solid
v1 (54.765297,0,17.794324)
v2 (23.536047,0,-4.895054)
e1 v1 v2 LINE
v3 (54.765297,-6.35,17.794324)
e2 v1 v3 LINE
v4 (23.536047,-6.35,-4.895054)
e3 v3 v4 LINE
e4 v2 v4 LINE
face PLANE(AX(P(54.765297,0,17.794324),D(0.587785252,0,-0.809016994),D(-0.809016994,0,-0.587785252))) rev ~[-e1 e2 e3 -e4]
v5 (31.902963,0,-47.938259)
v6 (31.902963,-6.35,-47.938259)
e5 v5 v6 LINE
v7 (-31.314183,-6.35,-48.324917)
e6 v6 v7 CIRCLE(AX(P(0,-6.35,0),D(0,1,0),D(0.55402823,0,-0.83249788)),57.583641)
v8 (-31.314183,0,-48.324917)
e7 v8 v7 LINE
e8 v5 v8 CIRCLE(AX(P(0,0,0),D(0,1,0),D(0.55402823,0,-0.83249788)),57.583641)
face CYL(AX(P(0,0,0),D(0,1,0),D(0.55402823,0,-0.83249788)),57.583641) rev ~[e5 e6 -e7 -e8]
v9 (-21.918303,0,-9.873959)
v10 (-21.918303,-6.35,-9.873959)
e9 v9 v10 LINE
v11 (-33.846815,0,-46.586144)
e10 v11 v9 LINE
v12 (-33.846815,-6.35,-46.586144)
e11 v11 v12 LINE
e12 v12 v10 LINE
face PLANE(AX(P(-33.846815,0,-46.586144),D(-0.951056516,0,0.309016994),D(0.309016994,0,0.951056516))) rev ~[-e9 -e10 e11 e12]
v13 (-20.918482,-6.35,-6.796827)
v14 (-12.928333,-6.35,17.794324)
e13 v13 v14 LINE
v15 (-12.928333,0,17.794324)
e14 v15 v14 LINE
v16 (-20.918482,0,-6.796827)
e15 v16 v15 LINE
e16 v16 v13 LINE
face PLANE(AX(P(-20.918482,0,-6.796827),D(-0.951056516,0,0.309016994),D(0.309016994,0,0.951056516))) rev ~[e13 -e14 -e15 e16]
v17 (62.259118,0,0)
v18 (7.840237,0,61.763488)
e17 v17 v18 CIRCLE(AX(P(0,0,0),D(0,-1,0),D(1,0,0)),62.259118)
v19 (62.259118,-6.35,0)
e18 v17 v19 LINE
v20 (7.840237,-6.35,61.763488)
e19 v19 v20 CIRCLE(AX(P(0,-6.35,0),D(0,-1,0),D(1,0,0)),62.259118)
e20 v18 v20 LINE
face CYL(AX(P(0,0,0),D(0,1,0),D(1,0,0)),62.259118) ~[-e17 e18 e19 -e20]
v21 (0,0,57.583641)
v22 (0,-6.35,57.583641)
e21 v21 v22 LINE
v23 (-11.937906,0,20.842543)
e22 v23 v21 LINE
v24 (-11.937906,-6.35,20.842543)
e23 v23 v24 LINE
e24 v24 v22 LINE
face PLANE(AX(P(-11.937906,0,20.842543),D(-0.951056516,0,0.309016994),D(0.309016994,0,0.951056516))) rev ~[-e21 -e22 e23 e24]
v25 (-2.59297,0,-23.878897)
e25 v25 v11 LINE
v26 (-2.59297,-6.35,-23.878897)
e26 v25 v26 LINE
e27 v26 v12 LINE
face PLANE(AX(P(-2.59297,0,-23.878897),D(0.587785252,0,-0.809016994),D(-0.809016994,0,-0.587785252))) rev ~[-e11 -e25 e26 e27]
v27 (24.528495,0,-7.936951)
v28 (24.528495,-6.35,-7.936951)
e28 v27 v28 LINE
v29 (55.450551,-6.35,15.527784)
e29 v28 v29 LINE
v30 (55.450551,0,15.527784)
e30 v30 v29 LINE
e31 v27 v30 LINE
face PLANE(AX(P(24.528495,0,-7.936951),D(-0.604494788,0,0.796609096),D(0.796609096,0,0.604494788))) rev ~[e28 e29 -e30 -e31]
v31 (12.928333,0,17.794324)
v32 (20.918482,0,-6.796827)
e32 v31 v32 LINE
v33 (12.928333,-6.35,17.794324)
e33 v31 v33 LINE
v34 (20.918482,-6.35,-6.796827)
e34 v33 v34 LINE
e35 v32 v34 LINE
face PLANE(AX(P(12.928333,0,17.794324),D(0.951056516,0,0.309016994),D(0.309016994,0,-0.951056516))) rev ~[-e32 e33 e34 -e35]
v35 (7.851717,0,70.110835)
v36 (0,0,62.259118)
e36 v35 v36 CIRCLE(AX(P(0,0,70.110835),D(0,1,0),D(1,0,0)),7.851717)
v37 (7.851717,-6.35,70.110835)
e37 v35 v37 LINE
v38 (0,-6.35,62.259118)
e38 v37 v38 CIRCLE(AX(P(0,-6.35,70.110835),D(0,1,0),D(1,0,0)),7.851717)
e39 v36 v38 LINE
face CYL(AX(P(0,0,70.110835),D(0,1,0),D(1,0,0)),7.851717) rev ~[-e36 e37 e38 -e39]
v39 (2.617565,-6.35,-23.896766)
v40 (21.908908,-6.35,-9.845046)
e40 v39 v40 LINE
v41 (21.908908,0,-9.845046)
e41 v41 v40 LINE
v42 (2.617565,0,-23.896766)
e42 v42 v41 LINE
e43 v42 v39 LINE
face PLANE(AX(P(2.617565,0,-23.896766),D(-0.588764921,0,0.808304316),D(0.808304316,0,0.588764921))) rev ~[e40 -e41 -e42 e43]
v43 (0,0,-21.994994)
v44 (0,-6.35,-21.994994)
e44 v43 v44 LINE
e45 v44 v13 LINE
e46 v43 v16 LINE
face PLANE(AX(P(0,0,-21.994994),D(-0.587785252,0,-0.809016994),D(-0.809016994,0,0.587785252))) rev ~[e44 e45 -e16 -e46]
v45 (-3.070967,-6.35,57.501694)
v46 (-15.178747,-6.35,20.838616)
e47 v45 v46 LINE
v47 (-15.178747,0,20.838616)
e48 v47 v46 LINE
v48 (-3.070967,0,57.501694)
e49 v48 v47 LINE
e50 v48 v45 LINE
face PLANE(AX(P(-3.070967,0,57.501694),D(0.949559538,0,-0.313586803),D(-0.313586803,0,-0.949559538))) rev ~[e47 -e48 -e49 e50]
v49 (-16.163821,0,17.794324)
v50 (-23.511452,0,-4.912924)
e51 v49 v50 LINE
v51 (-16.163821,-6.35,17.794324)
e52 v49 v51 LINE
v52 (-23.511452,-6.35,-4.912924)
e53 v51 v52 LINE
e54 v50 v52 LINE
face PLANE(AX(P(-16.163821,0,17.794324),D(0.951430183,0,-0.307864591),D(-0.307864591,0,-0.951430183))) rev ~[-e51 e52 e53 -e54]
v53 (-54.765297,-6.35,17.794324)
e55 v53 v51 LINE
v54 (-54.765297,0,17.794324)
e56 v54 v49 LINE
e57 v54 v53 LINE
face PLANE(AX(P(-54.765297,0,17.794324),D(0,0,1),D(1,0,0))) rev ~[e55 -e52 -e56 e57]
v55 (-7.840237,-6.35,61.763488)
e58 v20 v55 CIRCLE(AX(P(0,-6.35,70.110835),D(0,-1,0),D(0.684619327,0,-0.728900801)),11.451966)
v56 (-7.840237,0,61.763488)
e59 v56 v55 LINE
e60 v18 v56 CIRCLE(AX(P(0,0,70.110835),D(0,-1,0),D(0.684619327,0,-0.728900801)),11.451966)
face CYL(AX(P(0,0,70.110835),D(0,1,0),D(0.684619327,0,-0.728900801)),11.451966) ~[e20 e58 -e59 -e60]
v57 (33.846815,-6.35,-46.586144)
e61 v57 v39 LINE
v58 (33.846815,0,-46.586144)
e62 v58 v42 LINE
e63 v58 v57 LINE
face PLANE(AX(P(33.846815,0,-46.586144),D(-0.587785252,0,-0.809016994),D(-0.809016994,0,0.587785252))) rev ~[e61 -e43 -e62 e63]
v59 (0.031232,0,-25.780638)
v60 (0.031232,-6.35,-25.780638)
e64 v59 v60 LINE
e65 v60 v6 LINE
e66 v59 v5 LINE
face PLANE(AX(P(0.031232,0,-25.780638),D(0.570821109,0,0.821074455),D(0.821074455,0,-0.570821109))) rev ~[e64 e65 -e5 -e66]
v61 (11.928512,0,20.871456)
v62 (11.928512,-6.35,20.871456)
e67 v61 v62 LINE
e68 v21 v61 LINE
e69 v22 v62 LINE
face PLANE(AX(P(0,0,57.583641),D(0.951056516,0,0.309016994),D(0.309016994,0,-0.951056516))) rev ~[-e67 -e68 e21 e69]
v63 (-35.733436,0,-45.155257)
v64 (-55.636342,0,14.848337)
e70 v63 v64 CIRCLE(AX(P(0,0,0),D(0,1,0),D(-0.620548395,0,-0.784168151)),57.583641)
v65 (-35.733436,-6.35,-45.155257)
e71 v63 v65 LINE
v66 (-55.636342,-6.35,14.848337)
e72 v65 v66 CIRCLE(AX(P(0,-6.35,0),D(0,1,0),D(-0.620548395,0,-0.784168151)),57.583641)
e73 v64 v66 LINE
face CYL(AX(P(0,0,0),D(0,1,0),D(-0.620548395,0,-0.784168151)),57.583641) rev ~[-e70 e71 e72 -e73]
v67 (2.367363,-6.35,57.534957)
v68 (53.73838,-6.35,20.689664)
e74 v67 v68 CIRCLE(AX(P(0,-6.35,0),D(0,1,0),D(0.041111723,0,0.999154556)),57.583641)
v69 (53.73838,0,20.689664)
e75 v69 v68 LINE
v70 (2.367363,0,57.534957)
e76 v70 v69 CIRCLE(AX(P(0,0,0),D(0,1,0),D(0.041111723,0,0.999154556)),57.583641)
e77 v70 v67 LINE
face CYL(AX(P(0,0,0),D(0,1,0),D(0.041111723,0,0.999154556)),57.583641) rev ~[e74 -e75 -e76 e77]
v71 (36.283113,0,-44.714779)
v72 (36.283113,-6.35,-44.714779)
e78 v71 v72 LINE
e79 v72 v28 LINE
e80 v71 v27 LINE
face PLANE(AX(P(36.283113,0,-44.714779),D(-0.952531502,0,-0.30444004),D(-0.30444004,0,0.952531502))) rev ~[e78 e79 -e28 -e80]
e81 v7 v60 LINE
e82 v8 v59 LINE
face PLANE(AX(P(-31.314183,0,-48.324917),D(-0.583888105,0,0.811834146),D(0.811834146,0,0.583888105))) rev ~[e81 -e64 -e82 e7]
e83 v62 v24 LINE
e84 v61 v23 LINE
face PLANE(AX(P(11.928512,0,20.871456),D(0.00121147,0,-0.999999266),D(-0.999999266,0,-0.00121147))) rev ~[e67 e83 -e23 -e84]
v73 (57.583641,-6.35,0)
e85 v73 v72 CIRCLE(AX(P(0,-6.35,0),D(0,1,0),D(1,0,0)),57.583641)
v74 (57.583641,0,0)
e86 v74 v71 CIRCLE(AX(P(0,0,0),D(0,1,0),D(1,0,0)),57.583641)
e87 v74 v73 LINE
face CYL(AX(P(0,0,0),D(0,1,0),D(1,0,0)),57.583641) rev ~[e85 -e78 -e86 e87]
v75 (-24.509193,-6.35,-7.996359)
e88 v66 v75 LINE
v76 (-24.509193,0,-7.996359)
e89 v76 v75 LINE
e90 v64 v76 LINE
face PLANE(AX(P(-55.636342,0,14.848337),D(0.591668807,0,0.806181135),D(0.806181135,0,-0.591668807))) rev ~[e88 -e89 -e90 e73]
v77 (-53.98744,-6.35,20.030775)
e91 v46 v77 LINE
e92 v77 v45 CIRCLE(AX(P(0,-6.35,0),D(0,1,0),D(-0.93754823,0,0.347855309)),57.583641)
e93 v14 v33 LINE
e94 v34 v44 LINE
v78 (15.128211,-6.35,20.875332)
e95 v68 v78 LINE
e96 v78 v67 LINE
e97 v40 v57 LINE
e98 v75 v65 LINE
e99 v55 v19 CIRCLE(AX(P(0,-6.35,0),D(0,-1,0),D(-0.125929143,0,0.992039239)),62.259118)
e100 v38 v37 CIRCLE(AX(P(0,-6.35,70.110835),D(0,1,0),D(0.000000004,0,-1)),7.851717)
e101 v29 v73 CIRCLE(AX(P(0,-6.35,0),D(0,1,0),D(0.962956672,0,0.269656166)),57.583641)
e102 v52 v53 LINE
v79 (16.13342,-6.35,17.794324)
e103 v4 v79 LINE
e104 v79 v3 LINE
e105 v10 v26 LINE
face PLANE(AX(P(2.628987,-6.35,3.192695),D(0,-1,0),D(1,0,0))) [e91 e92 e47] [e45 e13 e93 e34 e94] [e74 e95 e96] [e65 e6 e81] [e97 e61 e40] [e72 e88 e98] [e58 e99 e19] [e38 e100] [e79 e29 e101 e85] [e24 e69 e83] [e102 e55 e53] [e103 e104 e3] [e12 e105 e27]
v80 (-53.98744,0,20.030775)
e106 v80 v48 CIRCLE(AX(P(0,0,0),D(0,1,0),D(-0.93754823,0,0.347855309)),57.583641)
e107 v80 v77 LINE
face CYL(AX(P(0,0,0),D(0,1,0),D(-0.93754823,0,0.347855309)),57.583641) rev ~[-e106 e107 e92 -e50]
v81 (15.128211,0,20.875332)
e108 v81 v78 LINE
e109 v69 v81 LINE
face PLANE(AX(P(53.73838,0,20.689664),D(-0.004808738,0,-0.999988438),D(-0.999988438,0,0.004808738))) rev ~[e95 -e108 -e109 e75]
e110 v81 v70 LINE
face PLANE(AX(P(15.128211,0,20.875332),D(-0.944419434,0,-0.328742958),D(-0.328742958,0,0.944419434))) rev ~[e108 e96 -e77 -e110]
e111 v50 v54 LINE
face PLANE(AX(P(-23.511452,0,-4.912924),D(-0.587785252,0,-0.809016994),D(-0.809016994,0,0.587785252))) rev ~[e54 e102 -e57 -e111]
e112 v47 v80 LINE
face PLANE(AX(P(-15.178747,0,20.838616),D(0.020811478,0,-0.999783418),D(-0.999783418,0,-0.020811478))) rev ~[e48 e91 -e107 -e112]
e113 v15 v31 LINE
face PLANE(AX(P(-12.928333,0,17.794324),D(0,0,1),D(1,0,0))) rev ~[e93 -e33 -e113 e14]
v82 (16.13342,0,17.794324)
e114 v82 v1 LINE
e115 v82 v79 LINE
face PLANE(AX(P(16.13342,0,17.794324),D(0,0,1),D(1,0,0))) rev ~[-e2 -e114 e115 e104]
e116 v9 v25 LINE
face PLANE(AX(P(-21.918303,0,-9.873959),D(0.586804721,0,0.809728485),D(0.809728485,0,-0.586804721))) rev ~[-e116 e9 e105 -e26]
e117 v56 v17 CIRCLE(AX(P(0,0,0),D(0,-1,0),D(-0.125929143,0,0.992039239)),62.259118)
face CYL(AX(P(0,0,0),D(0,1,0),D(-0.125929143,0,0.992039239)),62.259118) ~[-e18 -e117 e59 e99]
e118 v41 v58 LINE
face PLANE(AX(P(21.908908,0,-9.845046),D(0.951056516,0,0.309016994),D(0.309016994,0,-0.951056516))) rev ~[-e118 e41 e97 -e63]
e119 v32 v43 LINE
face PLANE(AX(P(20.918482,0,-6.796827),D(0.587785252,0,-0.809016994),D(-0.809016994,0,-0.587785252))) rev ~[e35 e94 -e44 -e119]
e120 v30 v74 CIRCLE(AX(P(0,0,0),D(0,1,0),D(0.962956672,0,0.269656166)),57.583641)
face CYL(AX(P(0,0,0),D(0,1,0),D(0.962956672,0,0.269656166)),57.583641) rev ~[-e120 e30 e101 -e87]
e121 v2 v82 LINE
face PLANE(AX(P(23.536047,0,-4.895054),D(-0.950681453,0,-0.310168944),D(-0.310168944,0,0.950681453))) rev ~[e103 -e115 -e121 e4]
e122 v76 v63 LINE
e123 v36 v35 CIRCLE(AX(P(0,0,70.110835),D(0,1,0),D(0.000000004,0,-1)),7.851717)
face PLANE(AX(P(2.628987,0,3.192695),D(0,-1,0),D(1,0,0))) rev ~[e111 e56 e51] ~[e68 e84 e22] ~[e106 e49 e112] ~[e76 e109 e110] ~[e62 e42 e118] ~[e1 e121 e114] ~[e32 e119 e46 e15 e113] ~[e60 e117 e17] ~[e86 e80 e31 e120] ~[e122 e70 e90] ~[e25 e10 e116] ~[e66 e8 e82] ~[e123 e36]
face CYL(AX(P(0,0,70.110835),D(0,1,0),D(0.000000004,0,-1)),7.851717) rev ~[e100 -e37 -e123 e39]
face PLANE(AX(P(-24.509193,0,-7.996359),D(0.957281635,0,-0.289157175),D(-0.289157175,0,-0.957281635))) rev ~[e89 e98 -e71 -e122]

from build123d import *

# Parameters (mm, degrees)
F1_DEPTH = 6.35


with BuildPart() as f1:
    # F0 (on Front) → F1 (new body)
    with BuildSketch(Plane.XZ):
        with BuildLine():
            ThreePointArc((-7.8402373447, 61.7634878521), (-41.1586655068, -46.7136169332), (62.2591178325, 0))
            ThreePointArc((62.2591178325, 0), (46.7136169332, 41.1586655068), (7.8402373447, 61.7634878521))
            ThreePointArc((7.8402373447, 61.7634878521), (0, 58.6588690032), (-7.8402373447, 61.7634878521))
        make_face()
        with BuildLine():
            ThreePointArc((55.4505510699, 15.5277837924), (57.0478759304, 7.8368064468), (57.5836407625, 0))
            ThreePointArc((57.5836407625, 0), (51.9864857424, -24.7645105668), (36.2831125051, -44.7147786576))
            ThreePointArc((36.2831125051, -44.7147786576), (35.0774454381, -45.6667111252), (33.8468148135, -46.5861439748))
            ThreePointArc((33.8468148135, -46.5861439748), (32.8818393757, -47.27219397), (31.9029625874, -47.9382588504))
            ThreePointArc((31.9029625874, -47.9382588504), (0.3521951536, -57.582563698), (-31.3141832441, -48.3249170844))
            ThreePointArc((-31.3141832441, -48.3249170844), (-32.5920964338, -47.4724228738), (-33.8468148135, -46.5861439748))
            ThreePointArc((-33.8468148135, -46.5861439748), (-34.7974809413, -45.8803989041), (-35.7334358491, -45.1552571234))
            ThreePointArc((-35.7334358491, -45.1552571234), (-54.6554381422, -18.1289482582), (-55.6363420799, 14.848337396))
            ThreePointArc((-55.6363420799, 14.848337396), (-55.2204687988, 16.3271402609), (-54.7652967791, 17.7943235936))
            ThreePointArc((-54.7652967791, 17.7943235936), (-54.3878653203, 18.9165480298), (-53.987440477, 20.0307751774))
            ThreePointArc((-53.987440477, 20.0307751774), (-34.1311135955, 46.3782574941), (-3.070967171, 57.5016942715))
            ThreePointArc((-3.070967171, 57.5016942715), (-1.5360301586, 57.5631504942), (0, 57.5836407625))
            ThreePointArc((0, 57.5836407625), (1.1839315978, 57.5714685364), (2.3673626687, 57.534957004))
            ThreePointArc((2.3673626687, 57.534957004), (33.5612498663, 46.7922877286), (53.7383799899, 20.6896640745))
            ThreePointArc((53.7383799899, 20.6896640745), (54.2711499531, 19.248843244), (54.7652967791, 17.7943235936))
            ThreePointArc((54.7652967791, 17.7943235936), (55.1195752881, 16.6645763079), (55.4505510699, 15.5277837924))
        make_face(mode=Mode.SUBTRACT)
        with BuildLine():
            ThreePointArc((3.19e-08, 62.2591178325), (3.9279438387, 62.1350867906), (7.8402373447, 61.7634878521))
            ThreePointArc((7.8402373447, 61.7634878521), (10.5103201859, 65.5632316042), (11.4519661318, 70.110835135))
            ThreePointArc((11.4519661318, 70.110835135), (-4.5476035308, 80.6211553209), (-7.8402373447, 61.7634878521))
            ThreePointArc((-7.8402373447, 61.7634878521), (-3.9279438068, 62.1350867926), (3.19e-08, 62.2591178325))
        make_face()
        with BuildLine():
            ThreePointArc((7.8517173025, 70.110835135), (5.5520025598, 64.5588325977), (3.19e-08, 62.2591178325))
            ThreePointArc((3.19e-08, 62.2591178325), (-5.5520025598, 75.6628376722), (7.8517173025, 70.110835135))
        make_face(mode=Mode.SUBTRACT)
        with BuildLine():
            Line((16.1334199845, 17.7943235936), (54.7652967791, 17.7943235936))
            ThreePointArc((54.7652967791, 17.7943235936), (54.2711499531, 19.248843244), (53.7383799899, 20.6896640745))
            Line((53.7383799899, 20.6896640745), (15.1282112975, 20.8753324215))
            Line((15.1282112975, 20.8753324215), (16.1334199845, 17.7943235936))
        make_face()
        with BuildLine():
            ThreePointArc((33.8468148135, -46.5861439748), (35.0774454381, -45.6667111252), (36.2831125051, -44.7147786576))
            Line((36.2831125051, -44.7147786576), (24.5284953147, -7.9369514529))
            Line((24.5284953147, -7.9369514529), (21.9089083593, -9.8450458125))
            Line((21.9089083593, -9.8450458125), (33.8468148135, -46.5861439748))
        make_face()
        with BuildLine():
            Line((-11.9379064542, 20.8425426002), (0, 57.5836407625))
            ThreePointArc((0, 57.5836407625), (-1.5360301586, 57.5631504942), (-3.070967171, 57.5016942715))
            Line((-3.070967171, 57.5016942715), (-15.1787465438, 20.8386164159))
            Line((-15.1787465438, 20.8386164159), (-11.9379064542, 20.8425426002))
        make_face()
        with BuildLine():
            Line((-24.5091925682, -7.9963591979), (-23.5114519277, -4.9129238547))
            Line((-23.5114519277, -4.9129238547), (-54.7652967791, 17.7943235936))
            ThreePointArc((-54.7652967791, 17.7943235936), (-55.2204687988, 16.3271402609), (-55.6363420799, 14.848337396))
            Line((-55.6363420799, 14.848337396), (-24.5091925682, -7.9963591979))
        make_face()
        with BuildLine():
            ThreePointArc((-33.8468148135, -46.5861439748), (-32.5920964338, -47.4724228738), (-31.3141832441, -48.3249170844))
            Line((-31.3141832441, -48.3249170844), (0.0312324998, -25.7806381864))
            Line((0.0312324998, -25.7806381864), (-2.592969962, -23.8788965265))
            Line((-2.592969962, -23.8788965265), (-33.8468148135, -46.5861439748))
        make_face()
        with BuildLine():
            Line((24.5284953147, -7.9369514529), (55.4505510699, 15.5277837924))
            ThreePointArc((55.4505510699, 15.5277837924), (55.1195752881, 16.6645763079), (54.7652967791, 17.7943235936))
            Line((54.7652967791, 17.7943235936), (23.5360472008, -4.8950543427))
            Line((23.5360472008, -4.8950543427), (24.5284953147, -7.9369514529))
        make_face()
        with BuildLine():
            Line((15.1282112975, 20.8753324215), (2.3673626687, 57.534957004))
            ThreePointArc((2.3673626687, 57.534957004), (1.1839315978, 57.5714685364), (0, 57.5836407625))
            Line((0, 57.5836407625), (11.9285118958, 20.8714560779))
            Line((11.9285118958, 20.8714560779), (15.1282112975, 20.8753324215))
        make_face()
        with BuildLine():
            Line((-54.7652967791, 17.7943235936), (-16.1638214141, 17.7943235936))
            Line((-16.1638214141, 17.7943235936), (-15.1787465438, 20.8386164159))
            Line((-15.1787465438, 20.8386164159), (-53.987440477, 20.0307751774))
            ThreePointArc((-53.987440477, 20.0307751774), (-54.3878653203, 18.9165480298), (-54.7652967791, 17.7943235936))
        make_face()
        with BuildLine():
            ThreePointArc((-35.7334358491, -45.1552571234), (-34.7974809413, -45.8803989041), (-33.8468148135, -46.5861439748))
            Line((-33.8468148135, -46.5861439748), (-21.9183029177, -9.8739592902))
            Line((-21.9183029177, -9.8739592902), (-24.5091925682, -7.9963591979))
            Line((-24.5091925682, -7.9963591979), (-35.7334358491, -45.1552571234))
        make_face()
        with BuildLine():
            ThreePointArc((31.9029625874, -47.9382588504), (32.8818393757, -47.27219397), (33.8468148135, -46.5861439748))
            Line((33.8468148135, -46.5861439748), (2.6175652352, -23.8967660385))
            Line((2.6175652352, -23.8967660385), (0.0312324998, -25.7806381864))
            Line((0.0312324998, -25.7806381864), (31.9029625874, -47.9382588504))
        make_face()
        Polygon((23.5360472008, -4.8950543427), (16.1334199845, 17.7943235936), (12.9283328478, 17.7943235936), (20.9184819657, -6.7968268059), align=None)
        Polygon((2.6175652352, -23.8967660385), (21.9089083593, -9.8450458125), (20.9184819657, -6.7968268059), (0, -21.9949935753), align=None)
        Polygon((-12.9283328478, 17.7943235936), (12.9283328478, 17.7943235936), (11.9285118958, 20.8714560779), (-11.9379064542, 20.8425426002), align=None)
        Polygon((-20.9184819657, -6.7968268059), (-12.9283328478, 17.7943235936), (-16.1638214141, 17.7943235936), (-23.5114519277, -4.9129238547), align=None)
        Polygon((-2.592969962, -23.8788965265), (0, -21.9949935753), (-20.9184819657, -6.7968268059), (-21.9183029177, -9.8739592902), align=None)
        with BuildLine():
            ThreePointArc((-7.8402373447, 61.7634878521), (0, 58.6588690032), (7.8402373447, 61.7634878521))
            ThreePointArc((7.8402373447, 61.7634878521), (3.9279438387, 62.1350867906), (3.19e-08, 62.2591178325))
            ThreePointArc((3.19e-08, 62.2591178325), (-3.9279438068, 62.1350867926), (-7.8402373447, 61.7634878521))
        make_face()
        Polygon((21.9089083593, -9.8450458125), (24.5284953147, -7.9369514529), (23.5360472008, -4.8950543427), (20.9184819657, -6.7968268059), align=None)
        Polygon((12.9283328478, 17.7943235936), (16.1334199845, 17.7943235936), (15.1282112975, 20.8753324215), (11.9285118958, 20.8714560779), align=None)
        Polygon((-16.1638214141, 17.7943235936), (-12.9283328478, 17.7943235936), (-11.9379064542, 20.8425426002), (-15.1787465438, 20.8386164159), align=None)
        Polygon((-21.9183029177, -9.8739592902), (-20.9184819657, -6.7968268059), (-23.5114519277, -4.9129238547), (-24.5091925682, -7.9963591979), align=None)
        Polygon((0.0312324998, -25.7806381864), (2.6175652352, -23.8967660385), (0, -21.9949935753), (-2.592969962, -23.8788965265), align=None)
    extrude(amount=F1_DEPTH)


solid = f1.part
